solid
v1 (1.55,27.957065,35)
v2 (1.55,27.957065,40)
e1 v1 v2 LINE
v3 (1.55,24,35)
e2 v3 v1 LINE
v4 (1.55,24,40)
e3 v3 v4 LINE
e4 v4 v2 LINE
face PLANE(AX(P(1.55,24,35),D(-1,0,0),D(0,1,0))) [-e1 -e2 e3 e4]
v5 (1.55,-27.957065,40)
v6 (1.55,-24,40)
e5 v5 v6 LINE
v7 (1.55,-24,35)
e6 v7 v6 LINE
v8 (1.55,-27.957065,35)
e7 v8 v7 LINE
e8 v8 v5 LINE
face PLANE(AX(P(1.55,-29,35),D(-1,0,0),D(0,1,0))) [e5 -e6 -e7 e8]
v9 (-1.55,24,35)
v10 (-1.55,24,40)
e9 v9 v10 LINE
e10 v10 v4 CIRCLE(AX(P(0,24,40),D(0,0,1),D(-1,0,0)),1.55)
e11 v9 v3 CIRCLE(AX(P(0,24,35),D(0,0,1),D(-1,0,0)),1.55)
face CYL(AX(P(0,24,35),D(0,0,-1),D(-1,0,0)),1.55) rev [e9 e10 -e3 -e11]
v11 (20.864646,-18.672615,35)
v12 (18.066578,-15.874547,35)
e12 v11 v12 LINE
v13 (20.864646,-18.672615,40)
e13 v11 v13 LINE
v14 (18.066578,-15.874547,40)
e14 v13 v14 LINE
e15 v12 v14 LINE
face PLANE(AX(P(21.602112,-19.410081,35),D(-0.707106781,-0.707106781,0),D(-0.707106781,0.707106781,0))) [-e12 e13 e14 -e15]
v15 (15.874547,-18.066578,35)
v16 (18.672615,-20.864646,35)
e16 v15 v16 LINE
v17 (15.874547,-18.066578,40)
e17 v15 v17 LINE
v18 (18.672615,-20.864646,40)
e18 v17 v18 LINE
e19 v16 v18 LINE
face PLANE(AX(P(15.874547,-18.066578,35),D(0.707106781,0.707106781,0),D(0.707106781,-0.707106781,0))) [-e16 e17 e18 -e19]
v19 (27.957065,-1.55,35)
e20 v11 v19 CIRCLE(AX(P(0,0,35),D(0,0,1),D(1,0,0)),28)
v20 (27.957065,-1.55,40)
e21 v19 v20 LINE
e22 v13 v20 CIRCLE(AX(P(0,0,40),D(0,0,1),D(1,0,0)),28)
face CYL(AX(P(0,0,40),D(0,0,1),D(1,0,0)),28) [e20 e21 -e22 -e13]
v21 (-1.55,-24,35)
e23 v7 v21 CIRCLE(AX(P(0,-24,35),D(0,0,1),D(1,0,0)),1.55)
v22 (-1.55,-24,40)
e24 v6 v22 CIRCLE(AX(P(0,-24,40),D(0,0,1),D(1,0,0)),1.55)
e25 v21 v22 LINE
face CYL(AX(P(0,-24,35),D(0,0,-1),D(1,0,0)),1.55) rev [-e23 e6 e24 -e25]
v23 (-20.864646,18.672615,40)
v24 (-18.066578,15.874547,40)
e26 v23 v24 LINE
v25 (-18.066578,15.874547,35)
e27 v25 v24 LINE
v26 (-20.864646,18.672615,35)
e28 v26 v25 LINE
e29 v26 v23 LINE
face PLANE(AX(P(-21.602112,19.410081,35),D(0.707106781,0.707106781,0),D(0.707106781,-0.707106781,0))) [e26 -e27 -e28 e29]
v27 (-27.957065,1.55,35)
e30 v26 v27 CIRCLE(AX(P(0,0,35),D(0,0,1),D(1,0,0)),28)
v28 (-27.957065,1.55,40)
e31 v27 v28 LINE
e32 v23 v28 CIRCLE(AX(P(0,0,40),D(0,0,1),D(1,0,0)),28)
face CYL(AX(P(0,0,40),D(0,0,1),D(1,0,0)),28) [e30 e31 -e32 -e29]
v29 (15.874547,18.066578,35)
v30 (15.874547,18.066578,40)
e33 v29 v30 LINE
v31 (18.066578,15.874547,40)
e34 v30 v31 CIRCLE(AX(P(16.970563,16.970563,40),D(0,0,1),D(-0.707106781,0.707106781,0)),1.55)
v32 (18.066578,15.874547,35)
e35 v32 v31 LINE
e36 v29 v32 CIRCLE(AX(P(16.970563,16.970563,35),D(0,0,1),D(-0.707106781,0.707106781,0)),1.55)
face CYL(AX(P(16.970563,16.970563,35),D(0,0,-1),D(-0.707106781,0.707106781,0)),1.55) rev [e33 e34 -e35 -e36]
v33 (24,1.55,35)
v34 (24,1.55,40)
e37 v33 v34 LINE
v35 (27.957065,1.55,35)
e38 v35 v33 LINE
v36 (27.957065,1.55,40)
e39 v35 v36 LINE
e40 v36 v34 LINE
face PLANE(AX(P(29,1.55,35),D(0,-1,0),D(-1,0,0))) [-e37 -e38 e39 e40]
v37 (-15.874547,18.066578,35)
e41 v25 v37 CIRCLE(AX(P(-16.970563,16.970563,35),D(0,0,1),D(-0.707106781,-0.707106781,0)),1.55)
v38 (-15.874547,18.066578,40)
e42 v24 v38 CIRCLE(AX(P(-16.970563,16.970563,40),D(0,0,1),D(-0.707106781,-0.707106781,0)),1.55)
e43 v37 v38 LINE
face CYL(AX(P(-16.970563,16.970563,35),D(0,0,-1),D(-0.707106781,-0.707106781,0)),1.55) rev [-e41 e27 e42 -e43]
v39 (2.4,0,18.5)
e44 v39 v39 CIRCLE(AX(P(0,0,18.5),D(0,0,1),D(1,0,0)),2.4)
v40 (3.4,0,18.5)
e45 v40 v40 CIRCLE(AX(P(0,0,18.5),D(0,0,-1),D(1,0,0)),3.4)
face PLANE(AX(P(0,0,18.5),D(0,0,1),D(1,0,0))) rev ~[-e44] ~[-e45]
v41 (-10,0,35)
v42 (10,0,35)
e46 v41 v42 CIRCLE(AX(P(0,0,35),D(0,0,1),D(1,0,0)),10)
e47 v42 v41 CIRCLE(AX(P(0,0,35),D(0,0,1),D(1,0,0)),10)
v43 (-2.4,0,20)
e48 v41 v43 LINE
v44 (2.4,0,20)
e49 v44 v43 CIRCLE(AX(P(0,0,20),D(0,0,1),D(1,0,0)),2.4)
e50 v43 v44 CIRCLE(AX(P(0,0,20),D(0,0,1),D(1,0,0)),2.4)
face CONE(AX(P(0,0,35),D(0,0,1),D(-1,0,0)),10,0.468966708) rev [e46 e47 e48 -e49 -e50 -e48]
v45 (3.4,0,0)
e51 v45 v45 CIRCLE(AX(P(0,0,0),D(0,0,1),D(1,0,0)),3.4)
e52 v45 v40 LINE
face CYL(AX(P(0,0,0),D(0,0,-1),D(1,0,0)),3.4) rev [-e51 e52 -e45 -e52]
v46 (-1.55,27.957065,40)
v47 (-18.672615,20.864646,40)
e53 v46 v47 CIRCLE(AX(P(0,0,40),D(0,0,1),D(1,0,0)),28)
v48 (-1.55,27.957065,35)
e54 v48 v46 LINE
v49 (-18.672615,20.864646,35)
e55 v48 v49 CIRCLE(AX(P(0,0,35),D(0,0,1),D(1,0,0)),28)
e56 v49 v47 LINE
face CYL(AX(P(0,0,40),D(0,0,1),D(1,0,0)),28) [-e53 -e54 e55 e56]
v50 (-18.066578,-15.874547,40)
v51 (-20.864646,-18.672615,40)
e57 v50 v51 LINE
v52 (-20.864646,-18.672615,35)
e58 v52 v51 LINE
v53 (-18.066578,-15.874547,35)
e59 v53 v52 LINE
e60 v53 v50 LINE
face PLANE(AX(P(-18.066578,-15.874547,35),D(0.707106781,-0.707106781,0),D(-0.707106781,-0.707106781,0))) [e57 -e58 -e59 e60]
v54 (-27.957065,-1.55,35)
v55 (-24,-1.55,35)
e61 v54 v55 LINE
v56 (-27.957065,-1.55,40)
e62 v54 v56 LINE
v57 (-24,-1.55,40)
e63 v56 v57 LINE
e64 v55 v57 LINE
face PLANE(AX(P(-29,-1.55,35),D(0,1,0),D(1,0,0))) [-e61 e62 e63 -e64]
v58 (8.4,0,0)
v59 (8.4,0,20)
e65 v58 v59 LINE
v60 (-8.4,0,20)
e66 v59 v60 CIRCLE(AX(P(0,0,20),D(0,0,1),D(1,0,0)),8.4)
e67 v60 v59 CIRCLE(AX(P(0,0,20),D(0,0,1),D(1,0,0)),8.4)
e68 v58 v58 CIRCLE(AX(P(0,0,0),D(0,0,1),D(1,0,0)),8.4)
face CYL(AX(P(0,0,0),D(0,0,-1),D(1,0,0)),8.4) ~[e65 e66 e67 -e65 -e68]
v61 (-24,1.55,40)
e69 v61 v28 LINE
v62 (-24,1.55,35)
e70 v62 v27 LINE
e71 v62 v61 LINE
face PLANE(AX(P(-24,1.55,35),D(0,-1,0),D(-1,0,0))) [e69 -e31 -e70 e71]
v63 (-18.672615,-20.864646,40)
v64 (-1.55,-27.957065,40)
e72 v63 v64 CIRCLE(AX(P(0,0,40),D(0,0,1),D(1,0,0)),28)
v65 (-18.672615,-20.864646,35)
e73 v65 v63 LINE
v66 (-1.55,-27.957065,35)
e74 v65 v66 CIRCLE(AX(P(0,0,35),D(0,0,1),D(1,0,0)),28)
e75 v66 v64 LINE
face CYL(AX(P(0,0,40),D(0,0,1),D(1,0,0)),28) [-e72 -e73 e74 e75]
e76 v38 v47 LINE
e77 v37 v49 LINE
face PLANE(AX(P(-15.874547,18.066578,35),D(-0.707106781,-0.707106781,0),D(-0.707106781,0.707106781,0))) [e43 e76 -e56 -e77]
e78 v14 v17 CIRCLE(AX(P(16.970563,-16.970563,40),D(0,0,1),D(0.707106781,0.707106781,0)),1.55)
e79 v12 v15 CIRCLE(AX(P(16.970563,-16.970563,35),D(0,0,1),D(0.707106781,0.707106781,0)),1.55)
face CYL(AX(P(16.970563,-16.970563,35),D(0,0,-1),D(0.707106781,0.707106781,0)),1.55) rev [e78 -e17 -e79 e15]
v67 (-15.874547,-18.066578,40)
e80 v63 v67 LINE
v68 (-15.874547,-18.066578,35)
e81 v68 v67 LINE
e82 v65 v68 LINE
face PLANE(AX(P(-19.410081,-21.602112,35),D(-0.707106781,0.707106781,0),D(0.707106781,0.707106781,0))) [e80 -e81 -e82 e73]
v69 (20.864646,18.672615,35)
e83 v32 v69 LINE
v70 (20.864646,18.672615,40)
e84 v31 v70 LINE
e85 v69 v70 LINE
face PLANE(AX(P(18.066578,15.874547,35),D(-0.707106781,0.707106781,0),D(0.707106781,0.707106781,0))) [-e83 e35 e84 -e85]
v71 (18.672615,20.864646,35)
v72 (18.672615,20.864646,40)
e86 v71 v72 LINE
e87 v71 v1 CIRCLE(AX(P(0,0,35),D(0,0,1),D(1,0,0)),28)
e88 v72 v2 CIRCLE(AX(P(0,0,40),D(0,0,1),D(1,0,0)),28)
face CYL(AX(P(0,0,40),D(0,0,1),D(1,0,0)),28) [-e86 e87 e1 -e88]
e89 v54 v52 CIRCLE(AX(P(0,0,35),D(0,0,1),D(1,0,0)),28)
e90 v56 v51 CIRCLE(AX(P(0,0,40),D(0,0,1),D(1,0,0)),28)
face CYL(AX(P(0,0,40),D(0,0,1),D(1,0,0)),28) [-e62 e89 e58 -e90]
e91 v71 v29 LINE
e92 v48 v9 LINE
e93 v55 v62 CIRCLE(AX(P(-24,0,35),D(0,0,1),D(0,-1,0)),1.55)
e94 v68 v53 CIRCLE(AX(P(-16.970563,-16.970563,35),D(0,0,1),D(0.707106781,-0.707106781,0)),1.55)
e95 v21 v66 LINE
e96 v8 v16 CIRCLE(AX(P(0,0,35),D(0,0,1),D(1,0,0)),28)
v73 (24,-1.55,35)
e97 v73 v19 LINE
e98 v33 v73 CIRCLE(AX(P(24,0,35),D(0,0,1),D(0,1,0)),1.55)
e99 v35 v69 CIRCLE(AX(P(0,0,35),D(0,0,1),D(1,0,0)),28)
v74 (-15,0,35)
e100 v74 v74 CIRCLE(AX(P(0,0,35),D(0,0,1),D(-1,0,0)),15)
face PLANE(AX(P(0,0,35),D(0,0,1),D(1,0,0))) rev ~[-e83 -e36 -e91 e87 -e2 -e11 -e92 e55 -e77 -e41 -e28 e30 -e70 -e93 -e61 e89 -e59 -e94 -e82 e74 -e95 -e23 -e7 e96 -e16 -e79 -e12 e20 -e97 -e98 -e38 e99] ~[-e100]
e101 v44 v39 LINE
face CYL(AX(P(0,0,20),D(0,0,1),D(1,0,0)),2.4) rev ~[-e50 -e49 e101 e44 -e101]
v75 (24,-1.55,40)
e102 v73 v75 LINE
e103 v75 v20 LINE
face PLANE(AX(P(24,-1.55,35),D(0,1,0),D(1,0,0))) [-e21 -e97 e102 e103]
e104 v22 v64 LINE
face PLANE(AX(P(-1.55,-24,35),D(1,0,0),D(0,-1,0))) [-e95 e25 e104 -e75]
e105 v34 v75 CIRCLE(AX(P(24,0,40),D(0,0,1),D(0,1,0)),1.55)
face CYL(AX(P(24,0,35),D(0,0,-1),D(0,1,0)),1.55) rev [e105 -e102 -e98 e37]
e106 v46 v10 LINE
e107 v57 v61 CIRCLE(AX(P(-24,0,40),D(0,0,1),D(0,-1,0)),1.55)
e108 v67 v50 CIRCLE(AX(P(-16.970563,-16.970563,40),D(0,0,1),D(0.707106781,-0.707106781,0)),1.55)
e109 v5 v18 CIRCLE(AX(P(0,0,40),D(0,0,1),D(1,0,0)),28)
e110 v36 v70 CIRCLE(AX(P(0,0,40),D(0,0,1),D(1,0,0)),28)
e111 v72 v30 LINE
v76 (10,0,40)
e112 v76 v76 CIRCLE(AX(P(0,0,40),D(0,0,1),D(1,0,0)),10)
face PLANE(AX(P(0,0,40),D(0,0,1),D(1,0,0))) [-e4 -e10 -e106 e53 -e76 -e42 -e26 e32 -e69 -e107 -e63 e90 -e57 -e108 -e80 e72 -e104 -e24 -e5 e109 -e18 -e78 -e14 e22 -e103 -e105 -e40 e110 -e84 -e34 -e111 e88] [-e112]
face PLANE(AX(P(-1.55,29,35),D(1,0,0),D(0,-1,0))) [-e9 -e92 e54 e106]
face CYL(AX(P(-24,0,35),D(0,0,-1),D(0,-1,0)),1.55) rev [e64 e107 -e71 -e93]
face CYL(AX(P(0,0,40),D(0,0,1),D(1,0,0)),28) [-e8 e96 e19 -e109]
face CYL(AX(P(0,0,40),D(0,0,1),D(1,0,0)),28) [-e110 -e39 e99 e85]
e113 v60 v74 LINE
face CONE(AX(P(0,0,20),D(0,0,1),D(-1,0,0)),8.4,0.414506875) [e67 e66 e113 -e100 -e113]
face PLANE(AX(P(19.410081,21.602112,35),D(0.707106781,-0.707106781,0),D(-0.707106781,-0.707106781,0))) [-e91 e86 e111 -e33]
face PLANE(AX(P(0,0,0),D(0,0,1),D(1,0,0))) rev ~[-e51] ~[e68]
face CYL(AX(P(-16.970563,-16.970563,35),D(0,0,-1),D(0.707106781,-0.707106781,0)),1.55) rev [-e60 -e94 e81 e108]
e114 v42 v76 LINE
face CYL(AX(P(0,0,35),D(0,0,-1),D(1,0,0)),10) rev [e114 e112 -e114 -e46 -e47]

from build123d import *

# Parameters (mm, degrees)
SKETCH1_R           = 8.4
SKETCH1_R_2         = 3.4
BOSS_EXTRUDE1_DEPTH = 20
SKETCH2_R           = 8.4
SKETCH2_R_2         = 2.4
BOSS_EXTRUDE2_DEPTH = 1.5
SKETCH3_R           = 15
SKETCH3_R_2         = 10
BOSS_EXTRUDE3_DEPTH = 5
SKETCH5_R           = 28
SKETCH5_R_2         = 10
BOSS_EXTRUDE4_DEPTH = 5
CUT_EXTRUDE1_DEPTH  = 5


with BuildPart() as part:
    # Sketch1 → Boss-Extrude1 (new body)
    with BuildSketch(Plane.XY):
        Circle(SKETCH1_R)
        Circle(SKETCH1_R_2, mode=Mode.SUBTRACT)
    extrude(amount=BOSS_EXTRUDE1_DEPTH)

    # Sketch2 → Boss-Extrude2 (add)
    with BuildSketch(Plane.XY.offset(20)):
        Circle(SKETCH2_R)
        Circle(SKETCH2_R_2, mode=Mode.SUBTRACT)
    extrude(amount=-BOSS_EXTRUDE2_DEPTH)



with BuildPart() as body_2:
    # Sketch3 → Boss-Extrude3 (new body)
    with BuildSketch(Plane.XY.offset(35)):
        Circle(SKETCH3_R)
        Circle(SKETCH3_R_2, mode=Mode.SUBTRACT)
    extrude(amount=BOSS_EXTRUDE3_DEPTH)


with BuildPart() as part_1:
    add(part.part)

    add(body_2.part)  # Revolve1 merges body 2
    # Sketch4 → Revolve1 (revolve)
    with BuildSketch(Plane(origin=(0, 0, 0), x_dir=(1, 0, 0), z_dir=(0, 1, 0))):
        Polygon((-8.4, -20), (-15, -35), (-10, -35), (-2.4, -20), align=None)
    revolve(axis=Axis((0, 0, 20), (0, 0, 1)))

    # Sketch5 → Boss-Extrude4 (add)
    with BuildSketch(Plane.XY.offset(40)):
        Circle(SKETCH5_R)
        Circle(SKETCH5_R_2, mode=Mode.SUBTRACT)
    extrude(amount=-BOSS_EXTRUDE4_DEPTH)

    # Sketch6 → Cut-Extrude1 (cut)
    with BuildSketch(Plane(origin=(0, 0, 35), x_dir=(-1, 0, 0), z_dir=(0, 0, -1))):
        with BuildLine():
            Line((-1.55, 24), (-1.55, 29))
            Line((-1.55, 29), (1.55, 29))
            Line((1.55, 29), (1.55, 24))
            ThreePointArc((1.55, 24), (0, 22.45), (-1.55, 24))
        make_face()
        with BuildLine():
            Line((21.602112165, 19.410081144), (18.066578259, 15.874547238))
            ThreePointArc((18.066578259, 15.874547238), (15.874547238, 15.874547238), (15.874547238, 18.066578259))
            Line((15.874547238, 18.066578259), (19.410081144, 21.602112165))
            Line((19.410081144, 21.602112165), (21.602112165, 19.410081144))
        make_face()
        with BuildLine():
            Line((29, -1.55), (24, -1.55))
            ThreePointArc((24, -1.55), (22.45, 0), (24, 1.55))
            Line((24, 1.55), (29, 1.55))
            Line((29, 1.55), (29, -1.55))
        make_face()
        with BuildLine():
            Line((19.410081144, -21.602112165), (15.874547238, -18.066578259))
            ThreePointArc((15.874547238, -18.066578259), (15.874547238, -15.874547238), (18.066578259, -15.874547238))
            Line((18.066578259, -15.874547238), (21.602112165, -19.410081144))
            Line((21.602112165, -19.410081144), (19.410081144, -21.602112165))
        make_face()
        with BuildLine():
            Line((-1.55, -29), (-1.55, -24))
            ThreePointArc((-1.55, -24), (0, -22.45), (1.55, -24))
            Line((1.55, -24), (1.55, -29))
            Line((1.55, -29), (-1.55, -29))
        make_face()
        with BuildLine():
            Line((-21.602112165, -19.410081144), (-18.066578259, -15.874547238))
            ThreePointArc((-18.066578259, -15.874547238), (-15.874547238, -15.874547238), (-15.874547238, -18.066578259))
            Line((-15.874547238, -18.066578259), (-19.410081144, -21.602112165))
            Line((-19.410081144, -21.602112165), (-21.602112165, -19.410081144))
        make_face()
        with BuildLine():
            Line((-29, 1.55), (-24, 1.55))
            ThreePointArc((-24, 1.55), (-22.45, 0), (-24, -1.55))
            Line((-24, -1.55), (-29, -1.55))
            Line((-29, -1.55), (-29, 1.55))
        make_face()
        with BuildLine():
            Line((-19.410081144, 21.602112165), (-15.874547238, 18.066578259))
            ThreePointArc((-15.874547238, 18.066578259), (-15.874547238, 15.874547238), (-18.066578259, 15.874547238))
            Line((-18.066578259, 15.874547238), (-21.602112165, 19.410081144))
            Line((-21.602112165, 19.410081144), (-19.410081144, 21.602112165))
        make_face()
    extrude(amount=-CUT_EXTRUDE1_DEPTH, mode=Mode.SUBTRACT)


solid = part_1.part
